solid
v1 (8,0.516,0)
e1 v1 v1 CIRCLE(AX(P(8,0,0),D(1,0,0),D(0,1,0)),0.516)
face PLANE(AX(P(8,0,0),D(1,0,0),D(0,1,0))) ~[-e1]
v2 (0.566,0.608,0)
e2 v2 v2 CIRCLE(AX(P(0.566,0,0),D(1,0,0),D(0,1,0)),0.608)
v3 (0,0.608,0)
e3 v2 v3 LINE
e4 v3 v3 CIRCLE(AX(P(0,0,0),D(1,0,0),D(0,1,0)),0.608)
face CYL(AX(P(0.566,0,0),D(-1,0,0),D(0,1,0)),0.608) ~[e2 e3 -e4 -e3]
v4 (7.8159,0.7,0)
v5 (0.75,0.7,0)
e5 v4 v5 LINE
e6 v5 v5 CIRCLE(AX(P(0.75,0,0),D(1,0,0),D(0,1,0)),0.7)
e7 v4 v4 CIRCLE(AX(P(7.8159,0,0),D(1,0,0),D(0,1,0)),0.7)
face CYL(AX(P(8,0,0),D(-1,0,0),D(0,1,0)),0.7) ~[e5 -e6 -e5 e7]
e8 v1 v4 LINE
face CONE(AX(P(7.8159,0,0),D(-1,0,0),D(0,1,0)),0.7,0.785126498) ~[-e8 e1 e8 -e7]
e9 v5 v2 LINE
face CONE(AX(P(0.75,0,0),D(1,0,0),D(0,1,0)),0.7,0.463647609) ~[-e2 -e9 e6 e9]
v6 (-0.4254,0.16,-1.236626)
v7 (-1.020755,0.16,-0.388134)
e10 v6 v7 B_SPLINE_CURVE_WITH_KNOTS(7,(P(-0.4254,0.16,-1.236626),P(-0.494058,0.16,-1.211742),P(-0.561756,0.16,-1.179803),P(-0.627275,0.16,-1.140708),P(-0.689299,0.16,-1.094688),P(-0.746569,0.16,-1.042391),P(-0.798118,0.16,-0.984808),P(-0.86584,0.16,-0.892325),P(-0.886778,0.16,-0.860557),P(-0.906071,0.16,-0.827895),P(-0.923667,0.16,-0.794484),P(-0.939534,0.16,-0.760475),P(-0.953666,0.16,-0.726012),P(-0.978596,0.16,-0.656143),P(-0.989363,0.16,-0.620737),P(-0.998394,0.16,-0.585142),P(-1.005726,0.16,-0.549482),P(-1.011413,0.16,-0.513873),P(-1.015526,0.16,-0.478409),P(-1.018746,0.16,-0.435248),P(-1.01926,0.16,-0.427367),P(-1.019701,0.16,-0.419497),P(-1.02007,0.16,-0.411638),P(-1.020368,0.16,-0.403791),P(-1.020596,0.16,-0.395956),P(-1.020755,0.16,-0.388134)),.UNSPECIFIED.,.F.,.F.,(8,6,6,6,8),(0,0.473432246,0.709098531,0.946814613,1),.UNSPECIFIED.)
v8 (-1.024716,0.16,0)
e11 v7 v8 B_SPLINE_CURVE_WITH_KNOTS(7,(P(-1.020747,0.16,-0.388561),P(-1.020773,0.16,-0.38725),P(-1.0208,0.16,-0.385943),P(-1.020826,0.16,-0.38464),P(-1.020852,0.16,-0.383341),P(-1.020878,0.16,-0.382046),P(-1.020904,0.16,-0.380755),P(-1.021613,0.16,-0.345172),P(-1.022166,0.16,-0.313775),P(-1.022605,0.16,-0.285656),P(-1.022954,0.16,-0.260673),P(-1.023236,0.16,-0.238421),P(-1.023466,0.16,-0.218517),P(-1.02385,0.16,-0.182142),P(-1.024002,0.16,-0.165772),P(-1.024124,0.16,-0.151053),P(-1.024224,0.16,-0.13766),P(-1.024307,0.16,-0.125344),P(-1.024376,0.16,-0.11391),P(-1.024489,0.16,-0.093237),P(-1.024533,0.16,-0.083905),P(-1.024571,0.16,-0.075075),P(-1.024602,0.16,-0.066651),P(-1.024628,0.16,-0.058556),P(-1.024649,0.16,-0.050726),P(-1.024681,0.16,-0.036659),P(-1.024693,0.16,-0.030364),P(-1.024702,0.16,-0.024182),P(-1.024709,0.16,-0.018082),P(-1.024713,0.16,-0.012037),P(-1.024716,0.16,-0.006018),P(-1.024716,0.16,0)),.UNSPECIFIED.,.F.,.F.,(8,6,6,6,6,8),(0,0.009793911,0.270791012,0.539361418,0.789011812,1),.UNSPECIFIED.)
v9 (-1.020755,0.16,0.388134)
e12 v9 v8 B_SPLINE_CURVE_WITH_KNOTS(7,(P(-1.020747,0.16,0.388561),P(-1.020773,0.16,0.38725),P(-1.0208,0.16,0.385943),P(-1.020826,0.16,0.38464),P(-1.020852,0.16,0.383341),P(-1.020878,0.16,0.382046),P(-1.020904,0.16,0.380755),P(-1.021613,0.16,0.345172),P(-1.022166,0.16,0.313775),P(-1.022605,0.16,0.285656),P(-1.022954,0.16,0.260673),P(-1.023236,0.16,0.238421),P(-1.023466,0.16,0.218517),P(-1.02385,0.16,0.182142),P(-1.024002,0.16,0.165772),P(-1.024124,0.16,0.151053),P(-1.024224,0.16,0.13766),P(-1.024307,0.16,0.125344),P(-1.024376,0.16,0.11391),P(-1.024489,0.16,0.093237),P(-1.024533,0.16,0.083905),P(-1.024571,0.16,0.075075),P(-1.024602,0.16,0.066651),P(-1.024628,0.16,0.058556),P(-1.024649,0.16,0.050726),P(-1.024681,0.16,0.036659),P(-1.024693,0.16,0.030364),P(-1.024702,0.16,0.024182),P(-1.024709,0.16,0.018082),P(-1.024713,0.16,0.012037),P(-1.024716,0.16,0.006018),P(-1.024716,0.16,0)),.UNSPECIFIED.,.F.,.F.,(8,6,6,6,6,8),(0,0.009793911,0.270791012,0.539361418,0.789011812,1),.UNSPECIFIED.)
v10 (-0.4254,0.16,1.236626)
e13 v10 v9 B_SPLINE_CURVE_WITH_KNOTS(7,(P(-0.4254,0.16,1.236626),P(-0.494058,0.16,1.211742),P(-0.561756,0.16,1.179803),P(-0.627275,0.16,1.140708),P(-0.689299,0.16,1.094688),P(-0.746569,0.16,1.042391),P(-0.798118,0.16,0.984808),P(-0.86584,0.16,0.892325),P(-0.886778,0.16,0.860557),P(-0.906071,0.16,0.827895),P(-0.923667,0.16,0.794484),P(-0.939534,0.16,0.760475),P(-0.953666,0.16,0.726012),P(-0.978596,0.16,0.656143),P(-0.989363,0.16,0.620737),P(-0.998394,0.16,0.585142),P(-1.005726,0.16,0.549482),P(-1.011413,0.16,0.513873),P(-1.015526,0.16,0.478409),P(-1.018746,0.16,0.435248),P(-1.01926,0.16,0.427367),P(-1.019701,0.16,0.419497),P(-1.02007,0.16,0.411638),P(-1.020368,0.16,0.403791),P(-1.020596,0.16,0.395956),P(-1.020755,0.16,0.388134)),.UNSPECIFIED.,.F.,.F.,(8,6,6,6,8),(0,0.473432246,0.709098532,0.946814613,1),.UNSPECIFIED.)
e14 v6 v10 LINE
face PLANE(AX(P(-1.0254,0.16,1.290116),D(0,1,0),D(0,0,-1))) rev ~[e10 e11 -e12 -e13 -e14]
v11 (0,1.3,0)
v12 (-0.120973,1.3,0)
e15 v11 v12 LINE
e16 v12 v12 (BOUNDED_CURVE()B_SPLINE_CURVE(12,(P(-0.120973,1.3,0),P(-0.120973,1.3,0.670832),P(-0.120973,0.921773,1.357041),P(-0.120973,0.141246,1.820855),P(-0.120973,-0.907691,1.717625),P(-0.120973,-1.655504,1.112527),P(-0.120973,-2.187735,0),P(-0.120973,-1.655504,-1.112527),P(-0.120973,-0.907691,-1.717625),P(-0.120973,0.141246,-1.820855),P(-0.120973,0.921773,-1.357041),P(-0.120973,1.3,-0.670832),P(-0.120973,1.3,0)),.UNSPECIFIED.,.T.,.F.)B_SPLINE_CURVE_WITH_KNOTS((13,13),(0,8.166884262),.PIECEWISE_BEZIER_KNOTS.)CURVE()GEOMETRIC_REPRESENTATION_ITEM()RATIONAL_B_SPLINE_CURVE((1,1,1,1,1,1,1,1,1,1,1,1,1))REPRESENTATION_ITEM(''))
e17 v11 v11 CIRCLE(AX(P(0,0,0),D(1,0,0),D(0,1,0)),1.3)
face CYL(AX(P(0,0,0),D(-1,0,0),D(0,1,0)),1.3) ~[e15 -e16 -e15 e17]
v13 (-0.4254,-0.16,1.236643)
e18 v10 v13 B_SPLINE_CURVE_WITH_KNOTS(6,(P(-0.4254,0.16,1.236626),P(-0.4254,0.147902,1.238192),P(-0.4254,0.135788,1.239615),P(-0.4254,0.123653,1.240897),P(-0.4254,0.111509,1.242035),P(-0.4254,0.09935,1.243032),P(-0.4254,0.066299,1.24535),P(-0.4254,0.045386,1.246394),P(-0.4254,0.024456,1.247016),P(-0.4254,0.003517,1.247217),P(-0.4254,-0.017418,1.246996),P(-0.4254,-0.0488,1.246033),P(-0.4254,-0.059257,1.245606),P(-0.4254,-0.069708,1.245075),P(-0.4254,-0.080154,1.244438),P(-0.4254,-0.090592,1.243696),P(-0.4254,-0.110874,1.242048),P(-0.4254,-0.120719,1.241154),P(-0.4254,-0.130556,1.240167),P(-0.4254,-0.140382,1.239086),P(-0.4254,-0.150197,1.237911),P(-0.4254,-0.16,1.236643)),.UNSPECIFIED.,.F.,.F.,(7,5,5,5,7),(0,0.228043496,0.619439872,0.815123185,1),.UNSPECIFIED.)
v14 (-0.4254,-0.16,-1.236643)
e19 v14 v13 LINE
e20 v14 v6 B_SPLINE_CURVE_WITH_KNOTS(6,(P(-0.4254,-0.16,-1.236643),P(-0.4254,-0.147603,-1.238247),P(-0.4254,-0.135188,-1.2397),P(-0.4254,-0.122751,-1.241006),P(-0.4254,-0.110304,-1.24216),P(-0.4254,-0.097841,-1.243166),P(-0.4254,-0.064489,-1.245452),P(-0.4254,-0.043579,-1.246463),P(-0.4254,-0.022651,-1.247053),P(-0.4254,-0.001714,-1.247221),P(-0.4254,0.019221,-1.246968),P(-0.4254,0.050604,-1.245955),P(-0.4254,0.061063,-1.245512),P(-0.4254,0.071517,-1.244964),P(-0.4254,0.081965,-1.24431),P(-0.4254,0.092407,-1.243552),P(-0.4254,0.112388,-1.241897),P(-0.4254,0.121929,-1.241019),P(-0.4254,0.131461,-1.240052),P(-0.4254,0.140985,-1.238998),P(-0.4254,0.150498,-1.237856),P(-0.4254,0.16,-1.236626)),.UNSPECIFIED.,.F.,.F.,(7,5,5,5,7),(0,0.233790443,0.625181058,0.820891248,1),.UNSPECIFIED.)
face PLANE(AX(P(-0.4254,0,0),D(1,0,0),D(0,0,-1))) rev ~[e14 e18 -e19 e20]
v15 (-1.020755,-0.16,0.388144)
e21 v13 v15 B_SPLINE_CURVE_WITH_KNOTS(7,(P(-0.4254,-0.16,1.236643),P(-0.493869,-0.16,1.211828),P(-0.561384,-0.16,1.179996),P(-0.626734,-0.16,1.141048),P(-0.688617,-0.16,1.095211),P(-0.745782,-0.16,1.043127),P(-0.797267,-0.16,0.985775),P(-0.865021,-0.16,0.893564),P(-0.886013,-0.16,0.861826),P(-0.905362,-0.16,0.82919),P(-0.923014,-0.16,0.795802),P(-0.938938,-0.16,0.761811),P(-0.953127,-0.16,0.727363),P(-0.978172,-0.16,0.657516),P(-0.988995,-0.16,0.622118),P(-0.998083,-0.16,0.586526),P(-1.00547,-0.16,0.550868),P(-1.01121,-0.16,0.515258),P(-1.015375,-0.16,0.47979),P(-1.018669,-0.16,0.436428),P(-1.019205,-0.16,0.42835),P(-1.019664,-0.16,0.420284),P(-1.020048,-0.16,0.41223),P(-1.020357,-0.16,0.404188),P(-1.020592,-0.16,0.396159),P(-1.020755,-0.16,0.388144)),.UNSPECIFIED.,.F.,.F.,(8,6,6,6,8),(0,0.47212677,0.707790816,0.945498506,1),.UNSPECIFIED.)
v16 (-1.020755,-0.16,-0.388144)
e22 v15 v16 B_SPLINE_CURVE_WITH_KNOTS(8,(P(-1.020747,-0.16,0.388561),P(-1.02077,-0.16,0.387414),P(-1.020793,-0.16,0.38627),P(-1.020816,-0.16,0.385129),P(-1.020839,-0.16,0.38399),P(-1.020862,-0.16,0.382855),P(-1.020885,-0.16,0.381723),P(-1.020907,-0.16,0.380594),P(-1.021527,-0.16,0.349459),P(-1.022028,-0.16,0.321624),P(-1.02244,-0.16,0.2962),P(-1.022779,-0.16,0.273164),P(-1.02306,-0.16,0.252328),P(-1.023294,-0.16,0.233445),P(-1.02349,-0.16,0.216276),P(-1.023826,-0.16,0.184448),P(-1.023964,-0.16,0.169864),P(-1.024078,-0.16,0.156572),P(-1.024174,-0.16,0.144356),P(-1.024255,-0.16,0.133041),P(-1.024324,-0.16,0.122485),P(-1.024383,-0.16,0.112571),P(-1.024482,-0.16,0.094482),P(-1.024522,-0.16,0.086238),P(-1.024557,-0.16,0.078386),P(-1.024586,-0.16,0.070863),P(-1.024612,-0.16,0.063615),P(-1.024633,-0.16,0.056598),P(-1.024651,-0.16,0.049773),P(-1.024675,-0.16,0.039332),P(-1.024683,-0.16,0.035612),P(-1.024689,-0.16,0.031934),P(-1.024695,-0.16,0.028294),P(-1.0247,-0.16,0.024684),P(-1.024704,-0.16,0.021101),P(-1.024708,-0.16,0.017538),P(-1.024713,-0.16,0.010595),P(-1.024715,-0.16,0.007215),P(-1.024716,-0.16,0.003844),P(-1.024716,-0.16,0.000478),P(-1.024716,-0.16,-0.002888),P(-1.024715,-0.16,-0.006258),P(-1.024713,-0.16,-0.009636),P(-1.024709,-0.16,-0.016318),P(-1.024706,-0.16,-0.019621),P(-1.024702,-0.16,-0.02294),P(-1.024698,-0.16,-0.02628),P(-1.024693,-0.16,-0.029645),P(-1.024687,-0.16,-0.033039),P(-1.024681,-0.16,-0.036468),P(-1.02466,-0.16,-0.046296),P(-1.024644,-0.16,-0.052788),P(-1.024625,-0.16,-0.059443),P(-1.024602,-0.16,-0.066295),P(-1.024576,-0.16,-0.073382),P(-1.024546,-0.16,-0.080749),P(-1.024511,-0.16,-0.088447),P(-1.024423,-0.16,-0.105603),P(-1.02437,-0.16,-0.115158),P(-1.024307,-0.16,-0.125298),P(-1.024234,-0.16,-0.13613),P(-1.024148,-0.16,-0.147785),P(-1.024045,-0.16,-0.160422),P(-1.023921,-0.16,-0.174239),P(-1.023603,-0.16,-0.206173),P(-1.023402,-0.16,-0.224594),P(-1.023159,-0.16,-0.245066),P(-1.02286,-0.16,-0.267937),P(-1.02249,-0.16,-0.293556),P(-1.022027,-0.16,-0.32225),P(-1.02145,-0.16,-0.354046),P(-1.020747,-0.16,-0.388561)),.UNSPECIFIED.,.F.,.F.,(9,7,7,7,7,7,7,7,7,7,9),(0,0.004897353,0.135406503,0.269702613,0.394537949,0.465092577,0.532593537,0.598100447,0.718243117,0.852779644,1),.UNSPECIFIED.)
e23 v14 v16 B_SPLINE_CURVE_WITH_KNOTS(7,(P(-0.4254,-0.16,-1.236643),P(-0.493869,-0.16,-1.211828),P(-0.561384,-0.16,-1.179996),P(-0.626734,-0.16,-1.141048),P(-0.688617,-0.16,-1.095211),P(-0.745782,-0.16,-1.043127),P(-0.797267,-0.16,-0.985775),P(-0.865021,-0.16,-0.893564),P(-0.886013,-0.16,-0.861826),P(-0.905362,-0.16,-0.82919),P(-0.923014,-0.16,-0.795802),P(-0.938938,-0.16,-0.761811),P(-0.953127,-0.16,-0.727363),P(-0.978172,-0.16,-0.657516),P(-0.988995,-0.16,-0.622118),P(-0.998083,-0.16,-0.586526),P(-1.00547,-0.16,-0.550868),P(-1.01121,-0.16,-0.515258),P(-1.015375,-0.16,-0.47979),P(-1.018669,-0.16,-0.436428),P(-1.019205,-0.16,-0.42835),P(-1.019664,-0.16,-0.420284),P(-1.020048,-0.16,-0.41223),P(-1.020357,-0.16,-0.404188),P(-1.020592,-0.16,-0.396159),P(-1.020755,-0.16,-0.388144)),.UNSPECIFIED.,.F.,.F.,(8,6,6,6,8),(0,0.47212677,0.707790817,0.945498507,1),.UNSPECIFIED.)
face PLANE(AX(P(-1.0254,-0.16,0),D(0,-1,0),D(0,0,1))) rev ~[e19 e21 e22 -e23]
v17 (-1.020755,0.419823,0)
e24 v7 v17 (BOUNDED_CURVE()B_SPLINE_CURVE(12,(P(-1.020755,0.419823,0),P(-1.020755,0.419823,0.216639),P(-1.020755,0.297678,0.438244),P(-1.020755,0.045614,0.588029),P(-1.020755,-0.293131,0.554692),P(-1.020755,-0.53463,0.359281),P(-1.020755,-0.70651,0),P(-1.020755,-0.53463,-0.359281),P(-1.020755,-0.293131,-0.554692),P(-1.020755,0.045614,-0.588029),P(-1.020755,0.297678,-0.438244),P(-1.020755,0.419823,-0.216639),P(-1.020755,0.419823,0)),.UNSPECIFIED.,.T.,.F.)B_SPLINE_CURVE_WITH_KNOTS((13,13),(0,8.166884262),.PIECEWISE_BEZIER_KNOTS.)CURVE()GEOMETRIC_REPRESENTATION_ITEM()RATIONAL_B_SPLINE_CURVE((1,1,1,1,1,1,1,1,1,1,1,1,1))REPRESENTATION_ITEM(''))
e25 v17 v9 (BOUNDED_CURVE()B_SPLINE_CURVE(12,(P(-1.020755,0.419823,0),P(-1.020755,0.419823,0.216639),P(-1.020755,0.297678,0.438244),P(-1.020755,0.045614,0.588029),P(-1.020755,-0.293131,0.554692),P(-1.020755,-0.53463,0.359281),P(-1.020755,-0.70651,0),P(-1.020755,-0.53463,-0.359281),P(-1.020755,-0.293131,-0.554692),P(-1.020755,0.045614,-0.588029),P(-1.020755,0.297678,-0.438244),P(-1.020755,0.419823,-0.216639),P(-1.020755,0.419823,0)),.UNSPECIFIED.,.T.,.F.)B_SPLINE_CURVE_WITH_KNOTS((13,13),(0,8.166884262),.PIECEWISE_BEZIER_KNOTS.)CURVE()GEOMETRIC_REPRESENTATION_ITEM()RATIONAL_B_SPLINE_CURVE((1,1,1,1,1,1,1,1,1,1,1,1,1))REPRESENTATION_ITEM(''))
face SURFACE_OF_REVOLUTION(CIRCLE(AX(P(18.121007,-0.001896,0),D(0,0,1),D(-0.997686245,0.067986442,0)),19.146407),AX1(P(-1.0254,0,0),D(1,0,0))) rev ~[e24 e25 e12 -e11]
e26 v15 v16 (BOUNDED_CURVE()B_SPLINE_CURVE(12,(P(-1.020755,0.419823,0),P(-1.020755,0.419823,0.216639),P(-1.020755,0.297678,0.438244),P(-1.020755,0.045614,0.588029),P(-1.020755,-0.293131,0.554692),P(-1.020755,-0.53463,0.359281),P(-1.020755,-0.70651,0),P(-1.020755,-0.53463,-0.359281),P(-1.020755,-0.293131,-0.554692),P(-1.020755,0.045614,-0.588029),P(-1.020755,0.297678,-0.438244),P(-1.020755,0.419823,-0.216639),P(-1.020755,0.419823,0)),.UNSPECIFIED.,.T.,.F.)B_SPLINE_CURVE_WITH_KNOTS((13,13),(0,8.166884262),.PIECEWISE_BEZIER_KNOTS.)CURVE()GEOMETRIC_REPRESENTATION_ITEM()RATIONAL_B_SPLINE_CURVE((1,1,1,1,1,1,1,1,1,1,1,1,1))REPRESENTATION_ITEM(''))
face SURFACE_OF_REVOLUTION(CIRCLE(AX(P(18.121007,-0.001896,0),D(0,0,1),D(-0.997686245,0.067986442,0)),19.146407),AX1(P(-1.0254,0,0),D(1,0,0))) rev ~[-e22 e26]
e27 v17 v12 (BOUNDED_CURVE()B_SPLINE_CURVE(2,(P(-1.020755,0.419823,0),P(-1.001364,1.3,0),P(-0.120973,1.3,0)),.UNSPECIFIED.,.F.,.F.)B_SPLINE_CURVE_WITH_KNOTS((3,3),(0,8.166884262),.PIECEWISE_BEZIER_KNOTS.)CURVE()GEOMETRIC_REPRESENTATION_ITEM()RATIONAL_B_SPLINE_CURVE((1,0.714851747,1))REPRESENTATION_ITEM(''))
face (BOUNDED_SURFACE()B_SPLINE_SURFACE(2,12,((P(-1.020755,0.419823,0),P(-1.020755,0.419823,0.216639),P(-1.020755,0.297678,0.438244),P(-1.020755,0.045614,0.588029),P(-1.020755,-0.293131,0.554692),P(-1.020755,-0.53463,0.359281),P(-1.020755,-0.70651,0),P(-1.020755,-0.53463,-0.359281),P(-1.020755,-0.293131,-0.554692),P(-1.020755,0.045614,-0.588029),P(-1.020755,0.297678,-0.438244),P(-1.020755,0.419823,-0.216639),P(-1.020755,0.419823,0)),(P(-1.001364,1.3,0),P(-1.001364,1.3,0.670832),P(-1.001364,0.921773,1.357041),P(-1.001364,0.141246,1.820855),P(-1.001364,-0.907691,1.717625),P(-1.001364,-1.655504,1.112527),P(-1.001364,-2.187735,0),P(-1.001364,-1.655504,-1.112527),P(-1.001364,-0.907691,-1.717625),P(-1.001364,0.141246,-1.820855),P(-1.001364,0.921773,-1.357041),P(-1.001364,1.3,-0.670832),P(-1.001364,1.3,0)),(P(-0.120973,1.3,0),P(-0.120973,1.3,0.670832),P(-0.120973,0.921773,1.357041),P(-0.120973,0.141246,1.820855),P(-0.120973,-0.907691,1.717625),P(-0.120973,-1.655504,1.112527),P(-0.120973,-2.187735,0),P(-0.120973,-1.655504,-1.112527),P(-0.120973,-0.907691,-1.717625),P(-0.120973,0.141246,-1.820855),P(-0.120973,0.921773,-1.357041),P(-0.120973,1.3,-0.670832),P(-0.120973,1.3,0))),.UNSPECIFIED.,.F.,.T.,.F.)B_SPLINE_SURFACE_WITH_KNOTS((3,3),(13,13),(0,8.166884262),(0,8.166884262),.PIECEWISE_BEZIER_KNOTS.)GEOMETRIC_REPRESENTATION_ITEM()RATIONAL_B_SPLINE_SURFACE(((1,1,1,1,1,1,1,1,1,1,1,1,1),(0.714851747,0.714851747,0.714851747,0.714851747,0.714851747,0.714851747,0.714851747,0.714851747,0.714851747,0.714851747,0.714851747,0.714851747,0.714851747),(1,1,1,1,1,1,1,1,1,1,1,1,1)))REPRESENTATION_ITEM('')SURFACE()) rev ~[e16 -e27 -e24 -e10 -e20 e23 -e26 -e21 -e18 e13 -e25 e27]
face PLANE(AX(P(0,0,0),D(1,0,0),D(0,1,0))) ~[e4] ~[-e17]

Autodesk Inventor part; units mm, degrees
ref_plane "YZ Plane" through (0, 0, 0) normal (1, 0, 0) x (0, 1, 0)
sketch "Sketch1" plane through (0, 0, 0) normal (0, 0, 1) x (1, 0, 0)
  line L0 (-1.0254, 0) -> (8, 0)
  line L1 (8, 0) -> (8, 0.7)
  line L2 (8, 0.7) -> (0.75, 0.7)
  line L3 (0.75, 0.7) -> (0.566, 0.608)
  line L4 (0.566, 0.608) -> (0, 0.608)
  line L5 (0, 0.608) -> (0, 1.3)
  line L6 (-4.8605, 0) -> (21.908, 0) projected
  line L7 (0, -0.26) -> (0, 1.5602) projected
  line L8 (0, 1.3) -> (-0.9811, 1.2998)
  arc A0 (-0.9811, 1.2998) -> (-1.0254, 0) centre (18.0839, 0) ccw
  dimension "d0" = 8
  dimension "d1" = 7.25
  dimension "d2" = 0.184
  dimension "d3" = 1.0254
  dimension "d4" = 1.4
  dimension "d5" = 1.216
  dimension "d9" = 2.6
  dimension "d10" = 0.01
  dimension "d15" = 19.1093
revolve "Body" add sketch "Sketch1" angle 360 about axis through (-1.0254, 0, 0) along (1, 0, 0)
fillet "Fillet1" radius 0.9 1 edges at (-0.9811, -1.2998, 0)
ref_plane "IDS_WORKPLANE{1}" through (-1.0254, 0, 0) normal (1, 0, 0) x (0, 0, -1)
sketch "Sketch2" plane through (-1.0254, 0, 0) normal (1, 0, 0) x (0, 0, -1)
  line L0 (0, -1.82) -> (0, 1.82) projected
  line L1 (1.82, 0) -> (-1.82, 0) projected
  line L2 (-1.3, 0.16) -> (1.3, 0.16)
  line L3 (1.3, 0.16) -> (1.3, -0.16)
  line L4 (1.3, -0.16) -> (-1.3, -0.16)
  line L5 (-1.3, -0.16) -> (-1.3, 0.16)
  line L6 (0, 0.16) -> (0, -0.16) construction
  line L7 (-1.3, 0) -> (1.3, 0) construction
  circle A0 centre (0, 0) radius 1.3 projected
  dimension "d17" = 0.32
extrude "Slot" cut sketch "Sketch2" along normal blind 0.6 contours L4 A0 L1 L0 | L0 L1 A0 L4 | L4 L5 A0 | A0 L3 L4 | L1 A0 L2 L0 | L0 L2 A0 L1 | L5 L2 A0 | A0 L2 L3
thread "Thread" size "M1.4x0.3" class "6g" standard "ISO Metric profile" length 7.25
chamfer "Chamfer1" distance 0.184 distance2 0.1841 1 edges at (8, -0.7, 0) measured on face at (8, 0.4839, -0.1193)
ref_plane "Work Plane2" through (8.25, 0, 0) normal (0, 0, -1) x (1, 0, 0)
equation "\"d17\" = SBR"
equation "\"d18\" = STI"
equation "\"d20\" = RR"
equation "\"d11\" = GEL"
equation "\"d13\" = -0.5 * SPD + 0.5 * GD"
equation "\"d0\" = NLG"
equation "\"d1\" = GEL"
equation "\"d2\" = GAL"
equation "\"d3\" = KOH"
equation "\"d4\" = GD"
equation "\"d5\" = BDM"
equation "\"d9\" = KOD"
equation "\"d10\" = KEWI"
equation "\"GD\" = NND"
equation "\"NLG\" = 8"
equation "\"GEL\" = 7.25"
equation "\"KOD\" = 2.6"
equation "\"KOH\" = 1.02539"
equation "\"GAL\" = 0.61345 * PTC"
equation "\"SPD\" = NND - 1.2269 * PTC"
equation "\"BDM\" = 1.216"
equation "\"GUL\" = 0.61345 * PTC"
equation "\"RR\" = 0.9"
equation "\"SBR\" = 0.32"
equation "\"STI\" = 0.6"
equation "\"KEWI\" = 0.01deg"
equation "\"KR\" = 1.6"
equation "\"d16\" = -KOH"
equation "\"PTC\" = 0.3"
equation "\"THREADDIA\" = 1.4"
equation "\"TOA\" = 30deg"
equation "\"NND\" = 1.4"
equation "\"ORI\" = 0.9"
equation "\"GD1\" = THREADDIA - 1.2269 * PTC"
properties part number "CNS 9671 - M1,4 x 8" material "Steel, Mild"
